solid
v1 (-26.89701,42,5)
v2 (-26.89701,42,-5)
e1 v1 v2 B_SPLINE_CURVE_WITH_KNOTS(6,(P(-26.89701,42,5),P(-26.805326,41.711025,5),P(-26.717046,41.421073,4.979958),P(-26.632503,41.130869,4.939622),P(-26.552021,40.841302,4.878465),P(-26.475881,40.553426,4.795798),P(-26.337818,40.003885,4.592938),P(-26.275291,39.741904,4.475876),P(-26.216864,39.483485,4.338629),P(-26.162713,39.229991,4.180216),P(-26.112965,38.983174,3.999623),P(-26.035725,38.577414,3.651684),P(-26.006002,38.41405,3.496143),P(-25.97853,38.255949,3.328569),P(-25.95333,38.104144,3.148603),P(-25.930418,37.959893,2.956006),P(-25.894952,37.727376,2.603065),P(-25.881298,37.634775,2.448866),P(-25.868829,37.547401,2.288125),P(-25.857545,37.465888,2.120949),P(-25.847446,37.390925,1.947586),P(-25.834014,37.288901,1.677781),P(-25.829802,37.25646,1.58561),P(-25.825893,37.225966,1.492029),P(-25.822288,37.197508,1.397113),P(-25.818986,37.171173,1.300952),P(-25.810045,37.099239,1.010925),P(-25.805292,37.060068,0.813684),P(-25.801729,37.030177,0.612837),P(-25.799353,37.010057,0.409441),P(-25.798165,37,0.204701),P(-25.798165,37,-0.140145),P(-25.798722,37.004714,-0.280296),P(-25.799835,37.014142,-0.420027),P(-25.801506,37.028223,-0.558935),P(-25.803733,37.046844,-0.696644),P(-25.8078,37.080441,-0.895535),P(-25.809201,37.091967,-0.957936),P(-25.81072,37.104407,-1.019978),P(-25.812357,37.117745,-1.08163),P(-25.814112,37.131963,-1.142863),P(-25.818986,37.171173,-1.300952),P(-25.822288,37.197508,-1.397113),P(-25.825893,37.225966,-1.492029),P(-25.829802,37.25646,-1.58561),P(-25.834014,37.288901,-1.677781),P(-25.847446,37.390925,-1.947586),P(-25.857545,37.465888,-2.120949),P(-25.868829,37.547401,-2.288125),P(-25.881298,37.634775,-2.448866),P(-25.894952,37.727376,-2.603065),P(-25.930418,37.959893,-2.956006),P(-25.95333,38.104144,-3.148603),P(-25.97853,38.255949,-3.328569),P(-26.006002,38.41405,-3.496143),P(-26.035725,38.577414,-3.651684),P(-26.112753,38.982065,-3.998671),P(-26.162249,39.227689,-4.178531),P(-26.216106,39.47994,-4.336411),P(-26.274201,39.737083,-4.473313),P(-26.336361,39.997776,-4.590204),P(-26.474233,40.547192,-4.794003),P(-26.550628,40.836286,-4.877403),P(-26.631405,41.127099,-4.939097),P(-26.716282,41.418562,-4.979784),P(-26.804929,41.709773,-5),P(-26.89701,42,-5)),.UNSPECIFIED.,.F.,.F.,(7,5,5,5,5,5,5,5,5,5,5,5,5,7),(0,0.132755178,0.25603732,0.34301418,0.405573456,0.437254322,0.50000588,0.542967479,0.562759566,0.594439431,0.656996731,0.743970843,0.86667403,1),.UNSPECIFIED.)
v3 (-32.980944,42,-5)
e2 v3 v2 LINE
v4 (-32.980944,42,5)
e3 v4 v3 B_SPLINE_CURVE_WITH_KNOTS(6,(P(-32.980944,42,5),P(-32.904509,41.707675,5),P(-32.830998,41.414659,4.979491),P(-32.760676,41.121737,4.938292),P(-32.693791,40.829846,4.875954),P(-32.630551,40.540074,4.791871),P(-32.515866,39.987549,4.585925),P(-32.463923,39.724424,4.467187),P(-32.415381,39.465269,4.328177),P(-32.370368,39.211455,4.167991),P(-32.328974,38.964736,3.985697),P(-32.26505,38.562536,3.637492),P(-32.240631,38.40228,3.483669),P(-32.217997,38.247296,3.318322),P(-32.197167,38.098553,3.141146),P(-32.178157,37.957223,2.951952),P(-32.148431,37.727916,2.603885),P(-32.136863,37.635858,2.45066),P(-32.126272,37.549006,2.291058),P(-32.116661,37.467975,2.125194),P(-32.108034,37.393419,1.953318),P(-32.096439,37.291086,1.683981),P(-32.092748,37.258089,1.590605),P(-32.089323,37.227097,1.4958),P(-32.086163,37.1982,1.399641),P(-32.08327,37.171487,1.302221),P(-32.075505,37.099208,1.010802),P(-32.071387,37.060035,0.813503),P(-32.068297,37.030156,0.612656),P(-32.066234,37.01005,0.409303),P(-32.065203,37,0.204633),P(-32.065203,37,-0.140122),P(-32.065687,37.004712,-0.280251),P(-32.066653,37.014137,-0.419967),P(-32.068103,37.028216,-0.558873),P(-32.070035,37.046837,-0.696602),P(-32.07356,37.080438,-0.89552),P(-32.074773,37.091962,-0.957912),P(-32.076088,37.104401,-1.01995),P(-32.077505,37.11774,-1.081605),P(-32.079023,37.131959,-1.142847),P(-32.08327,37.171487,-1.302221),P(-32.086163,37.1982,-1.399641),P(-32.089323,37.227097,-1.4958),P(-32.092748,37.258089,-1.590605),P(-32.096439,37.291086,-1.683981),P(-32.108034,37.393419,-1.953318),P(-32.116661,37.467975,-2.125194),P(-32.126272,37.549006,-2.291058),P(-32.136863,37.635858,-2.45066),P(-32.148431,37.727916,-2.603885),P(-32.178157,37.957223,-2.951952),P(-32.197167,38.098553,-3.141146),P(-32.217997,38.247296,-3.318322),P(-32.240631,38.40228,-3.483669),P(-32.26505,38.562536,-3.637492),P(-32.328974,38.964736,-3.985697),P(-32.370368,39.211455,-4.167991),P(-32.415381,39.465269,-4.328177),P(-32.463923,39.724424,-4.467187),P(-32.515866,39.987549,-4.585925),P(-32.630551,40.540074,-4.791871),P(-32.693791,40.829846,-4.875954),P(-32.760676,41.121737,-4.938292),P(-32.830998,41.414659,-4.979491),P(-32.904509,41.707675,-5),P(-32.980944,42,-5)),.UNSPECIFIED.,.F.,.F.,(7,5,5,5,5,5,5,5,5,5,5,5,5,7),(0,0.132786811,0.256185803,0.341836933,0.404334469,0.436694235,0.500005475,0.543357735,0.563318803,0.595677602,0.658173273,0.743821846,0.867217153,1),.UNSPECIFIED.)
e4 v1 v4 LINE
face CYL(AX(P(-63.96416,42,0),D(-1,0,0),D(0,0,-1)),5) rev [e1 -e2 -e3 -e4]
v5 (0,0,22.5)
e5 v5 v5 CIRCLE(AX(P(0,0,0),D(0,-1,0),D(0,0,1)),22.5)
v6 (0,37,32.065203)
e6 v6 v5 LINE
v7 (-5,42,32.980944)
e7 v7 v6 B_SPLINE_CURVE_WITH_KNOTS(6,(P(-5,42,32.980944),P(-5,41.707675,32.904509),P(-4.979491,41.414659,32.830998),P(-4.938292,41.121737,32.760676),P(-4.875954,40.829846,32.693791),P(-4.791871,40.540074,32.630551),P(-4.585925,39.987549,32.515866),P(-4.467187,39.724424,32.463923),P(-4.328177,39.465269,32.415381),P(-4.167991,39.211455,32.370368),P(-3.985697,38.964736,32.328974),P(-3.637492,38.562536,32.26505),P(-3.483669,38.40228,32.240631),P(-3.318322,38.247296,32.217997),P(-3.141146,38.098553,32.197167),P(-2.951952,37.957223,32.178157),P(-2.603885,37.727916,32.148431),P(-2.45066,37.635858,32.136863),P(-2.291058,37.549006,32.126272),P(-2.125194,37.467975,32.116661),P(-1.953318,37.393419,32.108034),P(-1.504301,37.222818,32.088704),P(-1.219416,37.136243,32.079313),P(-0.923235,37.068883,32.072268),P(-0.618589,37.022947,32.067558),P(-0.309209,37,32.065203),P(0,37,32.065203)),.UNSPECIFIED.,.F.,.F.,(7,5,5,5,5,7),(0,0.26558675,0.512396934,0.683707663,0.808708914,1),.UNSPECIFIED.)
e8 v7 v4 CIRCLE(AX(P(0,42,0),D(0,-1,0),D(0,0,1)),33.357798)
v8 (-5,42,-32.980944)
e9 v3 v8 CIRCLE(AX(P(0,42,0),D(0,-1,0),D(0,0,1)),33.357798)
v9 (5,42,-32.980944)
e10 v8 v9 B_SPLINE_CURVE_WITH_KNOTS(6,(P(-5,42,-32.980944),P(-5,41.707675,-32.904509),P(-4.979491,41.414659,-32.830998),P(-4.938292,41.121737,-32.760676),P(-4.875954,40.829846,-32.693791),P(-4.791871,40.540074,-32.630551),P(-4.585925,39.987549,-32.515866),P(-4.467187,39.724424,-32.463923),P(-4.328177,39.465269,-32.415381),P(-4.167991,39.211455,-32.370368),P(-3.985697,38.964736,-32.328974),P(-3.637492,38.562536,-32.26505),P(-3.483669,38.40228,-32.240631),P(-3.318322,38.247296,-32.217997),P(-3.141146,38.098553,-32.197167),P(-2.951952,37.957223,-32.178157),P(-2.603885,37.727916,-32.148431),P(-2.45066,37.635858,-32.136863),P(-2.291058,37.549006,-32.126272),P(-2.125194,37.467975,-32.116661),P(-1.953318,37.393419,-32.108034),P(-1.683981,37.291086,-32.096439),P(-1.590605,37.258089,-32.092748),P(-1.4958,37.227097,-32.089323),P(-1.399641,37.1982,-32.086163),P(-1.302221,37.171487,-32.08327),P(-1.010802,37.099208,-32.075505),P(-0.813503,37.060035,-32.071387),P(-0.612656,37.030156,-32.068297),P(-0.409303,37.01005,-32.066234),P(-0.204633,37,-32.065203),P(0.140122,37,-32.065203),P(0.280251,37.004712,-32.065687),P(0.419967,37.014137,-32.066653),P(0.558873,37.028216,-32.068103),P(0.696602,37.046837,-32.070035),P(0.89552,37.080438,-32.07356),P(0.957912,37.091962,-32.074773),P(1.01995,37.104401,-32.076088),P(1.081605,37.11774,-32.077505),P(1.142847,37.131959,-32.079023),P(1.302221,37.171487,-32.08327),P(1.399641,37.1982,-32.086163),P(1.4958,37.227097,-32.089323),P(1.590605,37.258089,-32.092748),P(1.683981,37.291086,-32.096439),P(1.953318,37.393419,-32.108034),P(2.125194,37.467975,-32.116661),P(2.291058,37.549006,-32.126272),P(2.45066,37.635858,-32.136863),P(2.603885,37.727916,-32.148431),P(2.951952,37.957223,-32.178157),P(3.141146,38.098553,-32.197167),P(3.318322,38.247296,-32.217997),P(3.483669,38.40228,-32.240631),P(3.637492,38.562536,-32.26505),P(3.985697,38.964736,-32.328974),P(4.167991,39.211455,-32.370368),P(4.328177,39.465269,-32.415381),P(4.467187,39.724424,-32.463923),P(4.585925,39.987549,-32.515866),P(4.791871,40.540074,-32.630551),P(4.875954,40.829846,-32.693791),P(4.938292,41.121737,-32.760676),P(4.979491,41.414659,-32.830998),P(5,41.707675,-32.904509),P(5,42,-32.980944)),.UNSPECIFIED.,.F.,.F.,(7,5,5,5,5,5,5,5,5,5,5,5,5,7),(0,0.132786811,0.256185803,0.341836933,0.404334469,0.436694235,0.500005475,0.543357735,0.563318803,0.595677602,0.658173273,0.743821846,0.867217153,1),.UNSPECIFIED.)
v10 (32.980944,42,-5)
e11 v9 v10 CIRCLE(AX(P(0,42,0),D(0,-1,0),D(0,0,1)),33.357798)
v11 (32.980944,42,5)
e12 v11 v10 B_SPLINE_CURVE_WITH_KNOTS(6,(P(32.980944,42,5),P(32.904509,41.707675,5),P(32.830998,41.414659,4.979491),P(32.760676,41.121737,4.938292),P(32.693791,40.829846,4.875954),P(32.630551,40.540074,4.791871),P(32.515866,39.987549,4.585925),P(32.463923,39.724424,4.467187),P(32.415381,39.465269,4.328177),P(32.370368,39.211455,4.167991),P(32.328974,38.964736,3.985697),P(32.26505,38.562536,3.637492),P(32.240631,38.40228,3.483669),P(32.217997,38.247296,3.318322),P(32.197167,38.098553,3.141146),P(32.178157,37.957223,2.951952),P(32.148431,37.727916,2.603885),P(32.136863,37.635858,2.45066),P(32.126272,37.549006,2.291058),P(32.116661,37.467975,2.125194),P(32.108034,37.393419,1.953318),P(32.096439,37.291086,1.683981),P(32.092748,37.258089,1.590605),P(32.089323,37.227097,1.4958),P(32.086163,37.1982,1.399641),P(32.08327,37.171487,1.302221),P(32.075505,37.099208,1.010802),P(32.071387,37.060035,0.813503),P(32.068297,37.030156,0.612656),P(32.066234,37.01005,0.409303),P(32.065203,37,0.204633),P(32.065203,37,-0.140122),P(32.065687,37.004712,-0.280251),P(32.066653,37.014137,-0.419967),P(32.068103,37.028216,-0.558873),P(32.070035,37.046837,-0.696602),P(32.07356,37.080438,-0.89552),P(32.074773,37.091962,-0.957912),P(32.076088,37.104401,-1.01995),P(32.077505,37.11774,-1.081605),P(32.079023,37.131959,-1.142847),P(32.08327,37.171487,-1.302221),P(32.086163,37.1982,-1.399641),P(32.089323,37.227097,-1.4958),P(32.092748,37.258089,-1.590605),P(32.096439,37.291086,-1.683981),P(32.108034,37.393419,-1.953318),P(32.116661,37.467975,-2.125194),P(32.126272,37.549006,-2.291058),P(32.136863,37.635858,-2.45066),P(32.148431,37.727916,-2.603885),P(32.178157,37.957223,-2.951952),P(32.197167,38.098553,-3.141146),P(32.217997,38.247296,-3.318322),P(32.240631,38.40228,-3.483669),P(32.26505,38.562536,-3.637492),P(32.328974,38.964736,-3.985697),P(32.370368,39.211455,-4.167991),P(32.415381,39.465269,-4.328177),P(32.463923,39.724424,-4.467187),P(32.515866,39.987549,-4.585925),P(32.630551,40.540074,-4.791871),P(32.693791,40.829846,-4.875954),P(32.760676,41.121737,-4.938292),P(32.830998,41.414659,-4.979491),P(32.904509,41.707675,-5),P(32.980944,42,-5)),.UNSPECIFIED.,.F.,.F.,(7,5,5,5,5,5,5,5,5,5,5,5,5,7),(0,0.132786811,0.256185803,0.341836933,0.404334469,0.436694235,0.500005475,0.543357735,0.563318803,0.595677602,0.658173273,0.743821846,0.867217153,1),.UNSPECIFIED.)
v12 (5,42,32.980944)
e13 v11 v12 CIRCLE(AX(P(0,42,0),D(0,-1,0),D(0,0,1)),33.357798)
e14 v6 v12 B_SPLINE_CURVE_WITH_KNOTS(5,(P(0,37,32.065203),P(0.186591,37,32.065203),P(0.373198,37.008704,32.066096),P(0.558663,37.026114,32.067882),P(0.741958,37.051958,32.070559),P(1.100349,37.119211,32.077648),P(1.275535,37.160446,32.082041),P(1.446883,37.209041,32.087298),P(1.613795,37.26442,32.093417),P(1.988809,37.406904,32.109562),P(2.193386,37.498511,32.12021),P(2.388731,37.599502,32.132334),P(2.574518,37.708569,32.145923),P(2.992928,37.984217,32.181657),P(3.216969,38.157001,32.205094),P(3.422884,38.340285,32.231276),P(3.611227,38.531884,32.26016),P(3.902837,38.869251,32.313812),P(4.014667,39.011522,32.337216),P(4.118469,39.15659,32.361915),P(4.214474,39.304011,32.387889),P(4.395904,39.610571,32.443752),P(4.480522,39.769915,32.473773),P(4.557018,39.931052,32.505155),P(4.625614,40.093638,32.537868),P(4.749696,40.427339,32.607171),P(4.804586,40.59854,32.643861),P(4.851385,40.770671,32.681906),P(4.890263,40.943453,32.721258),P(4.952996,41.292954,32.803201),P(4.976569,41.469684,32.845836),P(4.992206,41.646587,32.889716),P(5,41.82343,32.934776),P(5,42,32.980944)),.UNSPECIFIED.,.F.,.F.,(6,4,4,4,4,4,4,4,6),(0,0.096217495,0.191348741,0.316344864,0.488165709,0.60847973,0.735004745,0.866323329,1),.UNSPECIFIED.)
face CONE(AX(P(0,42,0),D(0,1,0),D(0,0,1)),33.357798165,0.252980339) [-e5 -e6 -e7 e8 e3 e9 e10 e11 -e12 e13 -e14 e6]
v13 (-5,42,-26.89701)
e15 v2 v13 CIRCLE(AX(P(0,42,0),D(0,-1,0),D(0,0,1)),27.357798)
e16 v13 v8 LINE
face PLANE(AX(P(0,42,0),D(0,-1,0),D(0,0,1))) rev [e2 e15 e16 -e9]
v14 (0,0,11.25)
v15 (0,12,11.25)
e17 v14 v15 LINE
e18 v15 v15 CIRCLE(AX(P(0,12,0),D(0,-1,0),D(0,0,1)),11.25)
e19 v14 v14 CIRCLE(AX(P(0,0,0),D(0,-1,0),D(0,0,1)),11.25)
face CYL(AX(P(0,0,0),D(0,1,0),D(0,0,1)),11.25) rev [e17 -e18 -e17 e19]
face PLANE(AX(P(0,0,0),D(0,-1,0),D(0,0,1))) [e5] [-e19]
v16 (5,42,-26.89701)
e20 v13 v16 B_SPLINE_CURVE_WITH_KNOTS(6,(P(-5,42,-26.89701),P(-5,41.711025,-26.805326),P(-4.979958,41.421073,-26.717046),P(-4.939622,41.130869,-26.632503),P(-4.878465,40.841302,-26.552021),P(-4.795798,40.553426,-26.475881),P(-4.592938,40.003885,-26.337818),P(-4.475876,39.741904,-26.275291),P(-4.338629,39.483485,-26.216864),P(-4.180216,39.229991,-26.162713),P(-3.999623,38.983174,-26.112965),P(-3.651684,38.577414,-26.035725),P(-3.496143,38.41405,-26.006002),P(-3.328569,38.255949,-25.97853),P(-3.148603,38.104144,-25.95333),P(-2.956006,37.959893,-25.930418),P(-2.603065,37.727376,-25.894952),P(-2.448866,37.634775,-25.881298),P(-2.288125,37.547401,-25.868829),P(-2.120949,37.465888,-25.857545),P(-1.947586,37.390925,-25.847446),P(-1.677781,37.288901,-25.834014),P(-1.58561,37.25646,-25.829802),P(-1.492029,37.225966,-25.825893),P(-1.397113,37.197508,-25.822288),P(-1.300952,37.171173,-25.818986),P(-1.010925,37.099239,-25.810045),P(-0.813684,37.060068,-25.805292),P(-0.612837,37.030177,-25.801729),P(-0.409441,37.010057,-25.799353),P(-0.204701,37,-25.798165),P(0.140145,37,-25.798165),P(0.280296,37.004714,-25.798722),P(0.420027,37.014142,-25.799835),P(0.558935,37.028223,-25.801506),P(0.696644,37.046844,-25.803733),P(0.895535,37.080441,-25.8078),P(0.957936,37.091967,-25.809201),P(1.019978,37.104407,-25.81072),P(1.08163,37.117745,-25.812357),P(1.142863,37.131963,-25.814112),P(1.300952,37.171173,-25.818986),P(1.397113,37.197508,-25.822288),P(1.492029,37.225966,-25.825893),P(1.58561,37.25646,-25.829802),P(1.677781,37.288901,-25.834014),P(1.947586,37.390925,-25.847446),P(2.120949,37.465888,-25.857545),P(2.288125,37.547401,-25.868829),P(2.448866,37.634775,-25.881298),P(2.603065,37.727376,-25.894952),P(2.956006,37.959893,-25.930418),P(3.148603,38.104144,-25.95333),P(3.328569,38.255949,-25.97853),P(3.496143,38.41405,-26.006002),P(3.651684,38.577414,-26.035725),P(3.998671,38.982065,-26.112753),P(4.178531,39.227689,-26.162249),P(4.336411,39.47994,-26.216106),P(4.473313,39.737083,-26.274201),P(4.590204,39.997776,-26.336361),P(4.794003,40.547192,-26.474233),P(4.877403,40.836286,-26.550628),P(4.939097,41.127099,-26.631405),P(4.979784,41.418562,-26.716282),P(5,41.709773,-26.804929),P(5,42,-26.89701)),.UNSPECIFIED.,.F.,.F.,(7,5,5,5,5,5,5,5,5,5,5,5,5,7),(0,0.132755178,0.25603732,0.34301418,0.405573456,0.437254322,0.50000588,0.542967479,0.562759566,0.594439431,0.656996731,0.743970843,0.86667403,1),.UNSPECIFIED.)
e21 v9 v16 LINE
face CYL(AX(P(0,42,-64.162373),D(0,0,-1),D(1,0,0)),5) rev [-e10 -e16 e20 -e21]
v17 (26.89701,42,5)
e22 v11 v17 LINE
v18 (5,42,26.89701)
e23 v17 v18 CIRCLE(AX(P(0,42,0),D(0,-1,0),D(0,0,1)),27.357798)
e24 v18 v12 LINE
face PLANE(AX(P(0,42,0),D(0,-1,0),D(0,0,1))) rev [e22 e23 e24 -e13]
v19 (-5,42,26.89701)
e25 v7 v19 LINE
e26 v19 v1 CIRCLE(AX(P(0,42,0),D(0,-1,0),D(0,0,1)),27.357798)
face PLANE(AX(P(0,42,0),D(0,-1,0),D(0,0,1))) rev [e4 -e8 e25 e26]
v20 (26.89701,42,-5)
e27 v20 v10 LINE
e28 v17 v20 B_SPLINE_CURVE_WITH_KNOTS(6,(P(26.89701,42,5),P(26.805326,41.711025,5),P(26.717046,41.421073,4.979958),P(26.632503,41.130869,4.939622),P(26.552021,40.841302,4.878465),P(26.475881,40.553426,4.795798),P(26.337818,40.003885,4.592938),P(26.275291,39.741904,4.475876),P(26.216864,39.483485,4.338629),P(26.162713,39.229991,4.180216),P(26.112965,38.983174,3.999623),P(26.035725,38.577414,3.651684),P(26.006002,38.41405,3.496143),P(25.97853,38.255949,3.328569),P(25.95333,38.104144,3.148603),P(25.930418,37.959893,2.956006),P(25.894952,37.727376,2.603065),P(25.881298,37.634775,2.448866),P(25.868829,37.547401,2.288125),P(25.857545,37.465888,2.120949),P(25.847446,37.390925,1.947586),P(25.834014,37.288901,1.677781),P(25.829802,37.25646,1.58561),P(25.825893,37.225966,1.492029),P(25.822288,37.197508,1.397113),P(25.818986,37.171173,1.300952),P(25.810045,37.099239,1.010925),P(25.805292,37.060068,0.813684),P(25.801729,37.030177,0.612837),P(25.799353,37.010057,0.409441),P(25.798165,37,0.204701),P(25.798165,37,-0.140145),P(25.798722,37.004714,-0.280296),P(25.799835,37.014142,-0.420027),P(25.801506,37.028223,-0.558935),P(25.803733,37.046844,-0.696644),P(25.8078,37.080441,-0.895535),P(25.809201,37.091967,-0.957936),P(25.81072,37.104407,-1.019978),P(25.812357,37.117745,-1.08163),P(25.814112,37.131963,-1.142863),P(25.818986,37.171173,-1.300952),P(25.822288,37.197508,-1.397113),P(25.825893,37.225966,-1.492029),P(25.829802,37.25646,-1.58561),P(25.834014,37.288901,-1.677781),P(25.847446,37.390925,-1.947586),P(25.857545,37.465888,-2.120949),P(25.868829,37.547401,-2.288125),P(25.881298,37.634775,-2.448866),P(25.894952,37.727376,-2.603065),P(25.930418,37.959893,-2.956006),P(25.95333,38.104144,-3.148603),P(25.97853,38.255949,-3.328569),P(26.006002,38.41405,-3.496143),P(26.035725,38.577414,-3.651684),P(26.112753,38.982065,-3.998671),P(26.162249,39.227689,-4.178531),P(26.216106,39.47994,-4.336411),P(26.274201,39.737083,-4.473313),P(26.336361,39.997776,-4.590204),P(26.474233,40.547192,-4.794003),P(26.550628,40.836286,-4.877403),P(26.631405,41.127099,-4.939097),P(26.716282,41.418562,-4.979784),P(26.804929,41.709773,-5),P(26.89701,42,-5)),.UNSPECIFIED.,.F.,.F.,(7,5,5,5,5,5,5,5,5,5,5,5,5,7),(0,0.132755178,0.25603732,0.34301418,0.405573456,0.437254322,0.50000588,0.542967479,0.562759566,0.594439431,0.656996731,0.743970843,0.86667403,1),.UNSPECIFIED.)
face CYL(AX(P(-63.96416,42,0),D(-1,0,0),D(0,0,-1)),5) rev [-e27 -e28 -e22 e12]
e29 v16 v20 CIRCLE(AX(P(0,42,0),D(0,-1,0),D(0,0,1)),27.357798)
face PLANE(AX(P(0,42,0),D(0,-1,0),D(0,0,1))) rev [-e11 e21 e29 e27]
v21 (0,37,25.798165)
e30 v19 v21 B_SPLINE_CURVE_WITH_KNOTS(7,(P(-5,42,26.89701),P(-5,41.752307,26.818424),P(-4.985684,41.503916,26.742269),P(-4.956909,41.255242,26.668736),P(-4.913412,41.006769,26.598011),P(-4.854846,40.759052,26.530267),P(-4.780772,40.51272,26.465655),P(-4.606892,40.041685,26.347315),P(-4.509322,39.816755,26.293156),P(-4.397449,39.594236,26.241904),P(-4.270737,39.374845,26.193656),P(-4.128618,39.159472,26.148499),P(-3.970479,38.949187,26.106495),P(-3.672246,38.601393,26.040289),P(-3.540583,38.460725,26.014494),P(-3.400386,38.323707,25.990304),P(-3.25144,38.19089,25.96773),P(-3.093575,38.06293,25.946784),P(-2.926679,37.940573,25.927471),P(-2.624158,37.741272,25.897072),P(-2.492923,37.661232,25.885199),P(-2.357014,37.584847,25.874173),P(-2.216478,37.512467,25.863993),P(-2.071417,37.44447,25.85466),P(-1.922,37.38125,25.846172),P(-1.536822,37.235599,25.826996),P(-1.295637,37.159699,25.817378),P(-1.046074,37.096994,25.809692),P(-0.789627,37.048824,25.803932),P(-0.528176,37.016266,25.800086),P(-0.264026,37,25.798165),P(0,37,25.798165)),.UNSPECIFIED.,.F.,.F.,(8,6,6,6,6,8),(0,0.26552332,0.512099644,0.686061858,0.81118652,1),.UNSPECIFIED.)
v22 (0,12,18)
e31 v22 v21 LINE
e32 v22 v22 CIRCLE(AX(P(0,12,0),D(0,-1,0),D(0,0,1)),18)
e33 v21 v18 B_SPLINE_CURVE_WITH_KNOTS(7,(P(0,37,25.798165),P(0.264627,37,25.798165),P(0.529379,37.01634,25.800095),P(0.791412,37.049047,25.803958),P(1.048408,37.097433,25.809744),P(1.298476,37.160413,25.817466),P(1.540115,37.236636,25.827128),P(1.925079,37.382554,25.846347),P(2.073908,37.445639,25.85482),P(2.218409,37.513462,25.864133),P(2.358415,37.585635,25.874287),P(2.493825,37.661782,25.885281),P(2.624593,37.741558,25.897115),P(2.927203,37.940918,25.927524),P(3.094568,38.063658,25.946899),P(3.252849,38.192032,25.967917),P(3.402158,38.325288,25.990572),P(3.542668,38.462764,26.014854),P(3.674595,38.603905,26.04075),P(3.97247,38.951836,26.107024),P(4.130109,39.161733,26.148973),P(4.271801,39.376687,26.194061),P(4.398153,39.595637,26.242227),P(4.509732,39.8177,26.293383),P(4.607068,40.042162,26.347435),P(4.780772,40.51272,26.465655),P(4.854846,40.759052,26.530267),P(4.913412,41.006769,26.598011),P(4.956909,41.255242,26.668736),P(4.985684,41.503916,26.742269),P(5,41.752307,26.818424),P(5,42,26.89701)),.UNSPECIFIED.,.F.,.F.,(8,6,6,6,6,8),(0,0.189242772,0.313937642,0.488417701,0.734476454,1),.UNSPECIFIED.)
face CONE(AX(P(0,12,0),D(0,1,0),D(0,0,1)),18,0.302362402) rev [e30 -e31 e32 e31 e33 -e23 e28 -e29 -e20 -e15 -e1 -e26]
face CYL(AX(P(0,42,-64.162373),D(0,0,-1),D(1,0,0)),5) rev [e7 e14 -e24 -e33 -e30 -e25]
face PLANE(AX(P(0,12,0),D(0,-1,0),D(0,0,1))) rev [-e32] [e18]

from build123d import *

# Parameters (mm, degrees)
CUT_EXTRUDE1_DEPTH      = 64.162373268
CUT_EXTRUDE1_DEPTH_BACK = 64.162373268
SKETCH2_R               = 5
CUT_EXTRUDE2_DEPTH      = 63.964159794
CUT_EXTRUDE2_DEPTH_BACK = 63.964159794
SKETCH3_R               = 5


with BuildPart() as part:
    # Sketch1 → Revolve1 (revolve)
    with BuildSketch(Plane.XY, mode=Mode.PRIVATE) as revolve1_sk:
        Polygon((11.25, 0), (11.25, 12), (18, 12), (27.357798165, 42), (33.357798165, 42), (22.5, 0), align=None)
    revolve(revolve1_sk.sketch.rotate(Axis((0, 40.458715596, 0), (0, -1, 0)), 90), axis=Axis((0, 40.458715596, 0), (0, -1, 0)))

    # Sketch2 → Cut-Extrude1 (cut, two sides: drawn at the far end of the back side and taken through both)
    with BuildSketch(Plane.XY.offset(-CUT_EXTRUDE1_DEPTH_BACK)):
        with Locations((0, 42)):
            Circle(SKETCH2_R)
    extrude(amount=CUT_EXTRUDE1_DEPTH + CUT_EXTRUDE1_DEPTH_BACK, mode=Mode.SUBTRACT)

    # Sketch3 → Cut-Extrude2 (cut, two sides: drawn at the far end of the back side and taken through both)
    with BuildSketch(Plane(origin=(0, 0, 0), x_dir=(0, 0, -1), z_dir=(1, 0, 0)).offset(-CUT_EXTRUDE2_DEPTH_BACK)):
        with Locations((0, 42)):
            Circle(SKETCH3_R)
    extrude(amount=CUT_EXTRUDE2_DEPTH + CUT_EXTRUDE2_DEPTH_BACK, mode=Mode.SUBTRACT)


solid = part.part
